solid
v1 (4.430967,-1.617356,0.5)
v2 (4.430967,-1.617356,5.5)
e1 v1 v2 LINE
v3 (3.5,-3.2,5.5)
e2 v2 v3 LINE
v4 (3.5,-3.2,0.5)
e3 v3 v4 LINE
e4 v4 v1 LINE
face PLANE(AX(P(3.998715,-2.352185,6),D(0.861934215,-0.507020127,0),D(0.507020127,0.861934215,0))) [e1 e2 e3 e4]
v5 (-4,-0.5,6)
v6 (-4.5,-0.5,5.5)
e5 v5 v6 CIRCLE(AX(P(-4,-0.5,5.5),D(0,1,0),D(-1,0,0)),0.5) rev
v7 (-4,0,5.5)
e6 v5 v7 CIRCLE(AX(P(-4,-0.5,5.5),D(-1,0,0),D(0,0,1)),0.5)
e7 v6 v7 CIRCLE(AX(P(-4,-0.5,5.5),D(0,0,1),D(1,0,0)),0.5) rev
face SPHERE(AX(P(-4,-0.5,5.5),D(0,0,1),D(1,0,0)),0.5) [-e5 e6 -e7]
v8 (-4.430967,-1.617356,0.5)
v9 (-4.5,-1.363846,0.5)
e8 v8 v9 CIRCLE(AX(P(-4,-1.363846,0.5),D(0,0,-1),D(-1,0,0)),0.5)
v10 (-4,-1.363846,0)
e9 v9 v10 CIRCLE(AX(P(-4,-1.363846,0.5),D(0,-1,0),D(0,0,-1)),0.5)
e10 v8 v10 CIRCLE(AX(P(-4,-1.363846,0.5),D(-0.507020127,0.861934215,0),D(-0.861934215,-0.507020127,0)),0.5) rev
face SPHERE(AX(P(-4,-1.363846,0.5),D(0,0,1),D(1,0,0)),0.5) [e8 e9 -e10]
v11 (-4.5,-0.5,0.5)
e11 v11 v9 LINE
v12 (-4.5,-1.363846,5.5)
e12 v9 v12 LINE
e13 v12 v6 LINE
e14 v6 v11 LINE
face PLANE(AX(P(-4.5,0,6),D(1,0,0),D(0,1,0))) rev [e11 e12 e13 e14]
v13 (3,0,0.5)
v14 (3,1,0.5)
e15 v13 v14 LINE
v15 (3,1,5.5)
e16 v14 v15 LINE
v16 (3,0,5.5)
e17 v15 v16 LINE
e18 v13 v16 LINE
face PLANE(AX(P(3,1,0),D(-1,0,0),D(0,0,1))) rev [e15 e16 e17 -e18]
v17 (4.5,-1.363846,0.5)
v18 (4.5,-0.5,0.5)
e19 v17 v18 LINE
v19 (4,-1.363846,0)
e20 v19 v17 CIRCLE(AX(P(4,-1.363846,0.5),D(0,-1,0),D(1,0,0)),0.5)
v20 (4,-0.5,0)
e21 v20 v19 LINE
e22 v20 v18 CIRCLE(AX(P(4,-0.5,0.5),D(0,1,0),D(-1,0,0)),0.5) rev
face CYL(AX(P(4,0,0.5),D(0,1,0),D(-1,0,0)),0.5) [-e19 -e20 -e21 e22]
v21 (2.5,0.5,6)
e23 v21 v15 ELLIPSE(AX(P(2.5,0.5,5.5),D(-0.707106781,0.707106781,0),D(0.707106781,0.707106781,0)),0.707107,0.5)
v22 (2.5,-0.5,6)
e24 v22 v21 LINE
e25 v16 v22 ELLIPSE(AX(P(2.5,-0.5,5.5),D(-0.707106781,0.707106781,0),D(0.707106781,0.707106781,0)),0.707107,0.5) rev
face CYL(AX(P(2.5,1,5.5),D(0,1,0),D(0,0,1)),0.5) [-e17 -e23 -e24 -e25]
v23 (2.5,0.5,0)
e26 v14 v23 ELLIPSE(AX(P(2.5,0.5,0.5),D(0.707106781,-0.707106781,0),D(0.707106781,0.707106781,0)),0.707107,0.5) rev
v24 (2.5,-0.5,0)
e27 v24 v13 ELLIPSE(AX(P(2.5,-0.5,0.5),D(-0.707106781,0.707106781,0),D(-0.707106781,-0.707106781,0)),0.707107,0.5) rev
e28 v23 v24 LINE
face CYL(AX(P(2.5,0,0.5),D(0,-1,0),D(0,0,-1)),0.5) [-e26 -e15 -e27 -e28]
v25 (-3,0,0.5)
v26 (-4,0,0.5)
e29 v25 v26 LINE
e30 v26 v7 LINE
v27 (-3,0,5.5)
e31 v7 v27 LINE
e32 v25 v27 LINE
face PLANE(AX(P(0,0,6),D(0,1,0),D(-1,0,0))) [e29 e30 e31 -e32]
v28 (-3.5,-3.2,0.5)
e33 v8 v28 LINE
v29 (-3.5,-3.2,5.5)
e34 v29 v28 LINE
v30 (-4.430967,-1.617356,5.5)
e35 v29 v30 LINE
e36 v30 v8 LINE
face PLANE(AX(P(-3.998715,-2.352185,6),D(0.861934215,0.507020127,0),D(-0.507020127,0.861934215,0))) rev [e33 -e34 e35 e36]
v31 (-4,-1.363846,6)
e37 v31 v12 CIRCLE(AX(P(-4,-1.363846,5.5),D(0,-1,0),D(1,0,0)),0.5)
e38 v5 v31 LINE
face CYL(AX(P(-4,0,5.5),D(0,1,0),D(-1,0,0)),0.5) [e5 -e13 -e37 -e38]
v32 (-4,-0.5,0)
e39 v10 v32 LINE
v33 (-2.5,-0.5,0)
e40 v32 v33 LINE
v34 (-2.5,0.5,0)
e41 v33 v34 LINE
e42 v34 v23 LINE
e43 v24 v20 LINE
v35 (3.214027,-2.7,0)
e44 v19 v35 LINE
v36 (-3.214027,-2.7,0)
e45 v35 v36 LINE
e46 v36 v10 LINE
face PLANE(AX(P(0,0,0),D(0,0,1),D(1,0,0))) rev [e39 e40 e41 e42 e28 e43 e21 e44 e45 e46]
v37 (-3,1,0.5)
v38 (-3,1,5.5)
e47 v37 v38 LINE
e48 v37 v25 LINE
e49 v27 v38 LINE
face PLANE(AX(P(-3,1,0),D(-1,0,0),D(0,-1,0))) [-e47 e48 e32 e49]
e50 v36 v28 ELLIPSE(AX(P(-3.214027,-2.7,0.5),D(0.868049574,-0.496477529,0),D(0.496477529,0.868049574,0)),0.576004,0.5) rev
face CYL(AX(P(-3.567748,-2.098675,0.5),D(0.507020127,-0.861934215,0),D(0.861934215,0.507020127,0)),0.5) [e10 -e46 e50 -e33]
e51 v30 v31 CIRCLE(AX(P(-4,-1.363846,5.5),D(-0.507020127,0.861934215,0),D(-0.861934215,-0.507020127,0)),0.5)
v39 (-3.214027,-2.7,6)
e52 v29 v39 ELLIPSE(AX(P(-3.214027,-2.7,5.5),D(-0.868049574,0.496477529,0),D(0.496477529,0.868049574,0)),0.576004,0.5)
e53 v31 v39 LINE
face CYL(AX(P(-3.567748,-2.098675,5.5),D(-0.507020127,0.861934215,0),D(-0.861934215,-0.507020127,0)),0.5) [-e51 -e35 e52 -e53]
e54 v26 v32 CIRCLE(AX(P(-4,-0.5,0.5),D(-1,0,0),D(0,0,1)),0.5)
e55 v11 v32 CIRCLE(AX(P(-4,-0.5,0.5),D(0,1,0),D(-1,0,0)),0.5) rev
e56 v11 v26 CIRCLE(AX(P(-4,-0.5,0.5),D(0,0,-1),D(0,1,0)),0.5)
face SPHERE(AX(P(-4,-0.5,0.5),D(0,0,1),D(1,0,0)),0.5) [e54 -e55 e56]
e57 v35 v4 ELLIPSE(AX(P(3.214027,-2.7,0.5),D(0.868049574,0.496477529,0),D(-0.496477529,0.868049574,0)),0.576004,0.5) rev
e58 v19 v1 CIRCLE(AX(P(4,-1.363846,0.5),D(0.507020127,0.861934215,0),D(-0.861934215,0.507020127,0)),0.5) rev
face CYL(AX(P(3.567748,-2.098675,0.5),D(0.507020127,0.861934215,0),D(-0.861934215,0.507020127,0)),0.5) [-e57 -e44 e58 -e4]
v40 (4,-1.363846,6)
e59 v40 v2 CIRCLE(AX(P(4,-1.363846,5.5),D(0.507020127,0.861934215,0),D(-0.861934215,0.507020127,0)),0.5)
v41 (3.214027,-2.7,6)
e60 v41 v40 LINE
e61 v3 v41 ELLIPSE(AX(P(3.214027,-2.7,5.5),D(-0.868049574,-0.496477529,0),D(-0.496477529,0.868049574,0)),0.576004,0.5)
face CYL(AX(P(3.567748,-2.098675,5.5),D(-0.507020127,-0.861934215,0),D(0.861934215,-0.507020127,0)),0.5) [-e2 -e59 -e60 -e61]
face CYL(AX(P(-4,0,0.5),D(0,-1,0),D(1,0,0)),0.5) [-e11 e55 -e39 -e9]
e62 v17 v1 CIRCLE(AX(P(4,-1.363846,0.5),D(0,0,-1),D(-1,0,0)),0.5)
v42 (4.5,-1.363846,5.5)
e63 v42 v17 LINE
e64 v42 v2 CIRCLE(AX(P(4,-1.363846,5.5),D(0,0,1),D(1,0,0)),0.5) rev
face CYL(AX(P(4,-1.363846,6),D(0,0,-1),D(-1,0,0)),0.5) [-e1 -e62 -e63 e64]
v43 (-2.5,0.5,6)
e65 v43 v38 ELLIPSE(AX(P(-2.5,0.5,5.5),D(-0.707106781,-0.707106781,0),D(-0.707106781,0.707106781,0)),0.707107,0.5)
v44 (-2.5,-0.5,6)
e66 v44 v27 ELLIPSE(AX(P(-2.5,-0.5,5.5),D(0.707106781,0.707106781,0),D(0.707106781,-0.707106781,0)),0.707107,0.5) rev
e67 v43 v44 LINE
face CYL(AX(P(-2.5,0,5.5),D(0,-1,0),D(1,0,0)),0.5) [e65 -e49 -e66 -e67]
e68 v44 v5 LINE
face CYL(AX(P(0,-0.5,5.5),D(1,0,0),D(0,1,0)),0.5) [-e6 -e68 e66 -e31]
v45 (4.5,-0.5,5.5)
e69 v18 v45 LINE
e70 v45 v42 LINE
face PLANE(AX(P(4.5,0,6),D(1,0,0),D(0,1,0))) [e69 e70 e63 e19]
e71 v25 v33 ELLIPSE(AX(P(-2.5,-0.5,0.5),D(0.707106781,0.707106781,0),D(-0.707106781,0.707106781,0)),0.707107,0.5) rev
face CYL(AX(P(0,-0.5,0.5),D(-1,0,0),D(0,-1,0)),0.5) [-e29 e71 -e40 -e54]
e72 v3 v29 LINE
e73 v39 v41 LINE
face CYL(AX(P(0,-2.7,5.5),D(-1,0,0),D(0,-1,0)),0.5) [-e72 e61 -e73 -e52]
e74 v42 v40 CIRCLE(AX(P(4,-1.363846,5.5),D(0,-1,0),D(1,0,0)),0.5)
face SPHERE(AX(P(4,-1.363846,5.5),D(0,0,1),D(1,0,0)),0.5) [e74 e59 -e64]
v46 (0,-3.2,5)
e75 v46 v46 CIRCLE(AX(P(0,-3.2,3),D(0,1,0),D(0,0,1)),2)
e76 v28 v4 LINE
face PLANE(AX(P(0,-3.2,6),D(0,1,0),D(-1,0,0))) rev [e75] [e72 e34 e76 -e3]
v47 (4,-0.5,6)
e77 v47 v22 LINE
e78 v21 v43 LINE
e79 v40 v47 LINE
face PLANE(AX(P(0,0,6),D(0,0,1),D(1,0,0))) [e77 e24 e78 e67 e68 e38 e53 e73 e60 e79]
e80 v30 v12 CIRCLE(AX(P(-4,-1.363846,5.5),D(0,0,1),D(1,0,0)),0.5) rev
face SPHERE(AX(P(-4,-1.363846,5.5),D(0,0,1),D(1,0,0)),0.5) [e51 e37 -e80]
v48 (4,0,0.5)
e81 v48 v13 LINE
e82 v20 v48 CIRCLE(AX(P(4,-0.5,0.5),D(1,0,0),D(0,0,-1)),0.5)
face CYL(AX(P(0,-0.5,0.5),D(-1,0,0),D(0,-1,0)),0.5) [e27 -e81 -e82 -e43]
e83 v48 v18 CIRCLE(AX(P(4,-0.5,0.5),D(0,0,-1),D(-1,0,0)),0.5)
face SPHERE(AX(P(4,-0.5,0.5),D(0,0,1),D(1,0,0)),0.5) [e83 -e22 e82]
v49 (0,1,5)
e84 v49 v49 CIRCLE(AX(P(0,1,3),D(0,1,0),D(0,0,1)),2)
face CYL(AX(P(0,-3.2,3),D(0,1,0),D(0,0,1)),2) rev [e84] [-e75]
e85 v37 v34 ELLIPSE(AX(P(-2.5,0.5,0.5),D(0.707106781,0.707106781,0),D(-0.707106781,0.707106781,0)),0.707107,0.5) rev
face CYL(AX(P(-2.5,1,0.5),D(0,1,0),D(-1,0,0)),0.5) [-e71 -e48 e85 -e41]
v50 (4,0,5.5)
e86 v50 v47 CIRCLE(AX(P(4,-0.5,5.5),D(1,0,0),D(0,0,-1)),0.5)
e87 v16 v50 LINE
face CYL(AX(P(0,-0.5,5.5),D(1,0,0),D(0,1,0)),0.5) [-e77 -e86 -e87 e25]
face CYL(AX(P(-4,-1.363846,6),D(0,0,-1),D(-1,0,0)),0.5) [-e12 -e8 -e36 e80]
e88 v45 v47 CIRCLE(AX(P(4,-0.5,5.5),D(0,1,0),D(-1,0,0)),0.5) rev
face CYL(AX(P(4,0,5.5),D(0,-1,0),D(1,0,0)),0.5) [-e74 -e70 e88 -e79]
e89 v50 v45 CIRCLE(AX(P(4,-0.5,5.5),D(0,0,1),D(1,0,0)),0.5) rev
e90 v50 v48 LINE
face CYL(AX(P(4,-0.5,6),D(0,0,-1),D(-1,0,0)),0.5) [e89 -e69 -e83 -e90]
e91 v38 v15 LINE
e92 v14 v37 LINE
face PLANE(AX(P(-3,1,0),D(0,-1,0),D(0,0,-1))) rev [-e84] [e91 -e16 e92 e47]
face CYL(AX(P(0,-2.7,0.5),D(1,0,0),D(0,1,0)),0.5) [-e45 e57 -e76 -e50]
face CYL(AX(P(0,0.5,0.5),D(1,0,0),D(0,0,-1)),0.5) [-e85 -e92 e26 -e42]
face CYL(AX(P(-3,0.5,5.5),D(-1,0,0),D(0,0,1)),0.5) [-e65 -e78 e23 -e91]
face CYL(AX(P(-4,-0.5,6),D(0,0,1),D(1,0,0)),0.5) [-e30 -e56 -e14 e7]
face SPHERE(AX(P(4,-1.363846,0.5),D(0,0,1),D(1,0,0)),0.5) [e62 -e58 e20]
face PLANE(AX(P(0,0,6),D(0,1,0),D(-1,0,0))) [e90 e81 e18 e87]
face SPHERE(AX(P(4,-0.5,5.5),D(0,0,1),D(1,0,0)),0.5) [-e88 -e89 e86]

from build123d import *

# Parameters (mm, degrees)
SALIENTE_EXTRUIR2_DEPTH = 6
CROQUIS2_W              = 6
CROQUIS2_H              = 1
SALIENTE_EXTRUIR3_DEPTH = 6
CROQUIS3_R              = 2
CORTAR_EXTRUIR1_DEPTH   = 5.2
REDONDEO1_R             = 0.5


with BuildPart() as part:
    # Croquis1 → Saliente-Extruir2 (new body)
    with BuildSketch(Plane.XY):
        Polygon((0, 0), (-4.5, 0), (-4.5, -1.5), (-3.5, -3.2), (0, -3.2), align=None)
        Polygon((4.5, 0), (0, 0), (0, -3.2), (3.5, -3.2), (4.5, -1.5), align=None)
    extrude(amount=SALIENTE_EXTRUIR2_DEPTH)

    # Croquis2 → Saliente-Extruir3 (add)
    with BuildSketch(Plane.XY.offset(6)):
        with Locations((0, 0.5)):
            Rectangle(CROQUIS2_W, CROQUIS2_H)
    extrude(amount=-SALIENTE_EXTRUIR3_DEPTH)

    # Croquis3 → Cortar-Extruir1 (cut, through all)
    with BuildSketch(Plane(origin=(0, 1, 0), x_dir=(1, 0, 0), z_dir=(0, 1, 0))):
        with Locations((0, -3)):
            Circle(CROQUIS3_R)
    extrude(amount=-CORTAR_EXTRUIR1_DEPTH, mode=Mode.SUBTRACT)

    # Redondeo1
    redondeo1_edges = [part.edges().sort_by_distance(p)[0] for p in [
        (0, -3.2, 6),
        (-4.5, 0, 3),
        (4.5, 0, 3),
        (4.5, -1.5, 3),
        (-4.5, -1.5, 3),
        (4, -2.35, 6),
        (4.5, -0.75, 6),
        (3.75, 0, 0),
        (3.75, 0, 6),
        (-3, 0.5, 0),
        (0, 1, 6),
        (3, 0.5, 6),
        (0, 1, 0),
        (3, 0.5, 0),
        (-3.75, 0, 6),
        (-3, 0.5, 6),
        (-4.5, -0.75, 6),
        (-3.75, 0, 0),
        (4.5, -0.75, 0),
        (-4, -2.35, 6),
        (4, -2.35, 0),
        (0, -3.2, 0),
        (-4, -2.35, 0),
        (-4.5, -0.75, 0),
    ]]
    fillet(redondeo1_edges, radius=REDONDEO1_R)


solid = part.part
